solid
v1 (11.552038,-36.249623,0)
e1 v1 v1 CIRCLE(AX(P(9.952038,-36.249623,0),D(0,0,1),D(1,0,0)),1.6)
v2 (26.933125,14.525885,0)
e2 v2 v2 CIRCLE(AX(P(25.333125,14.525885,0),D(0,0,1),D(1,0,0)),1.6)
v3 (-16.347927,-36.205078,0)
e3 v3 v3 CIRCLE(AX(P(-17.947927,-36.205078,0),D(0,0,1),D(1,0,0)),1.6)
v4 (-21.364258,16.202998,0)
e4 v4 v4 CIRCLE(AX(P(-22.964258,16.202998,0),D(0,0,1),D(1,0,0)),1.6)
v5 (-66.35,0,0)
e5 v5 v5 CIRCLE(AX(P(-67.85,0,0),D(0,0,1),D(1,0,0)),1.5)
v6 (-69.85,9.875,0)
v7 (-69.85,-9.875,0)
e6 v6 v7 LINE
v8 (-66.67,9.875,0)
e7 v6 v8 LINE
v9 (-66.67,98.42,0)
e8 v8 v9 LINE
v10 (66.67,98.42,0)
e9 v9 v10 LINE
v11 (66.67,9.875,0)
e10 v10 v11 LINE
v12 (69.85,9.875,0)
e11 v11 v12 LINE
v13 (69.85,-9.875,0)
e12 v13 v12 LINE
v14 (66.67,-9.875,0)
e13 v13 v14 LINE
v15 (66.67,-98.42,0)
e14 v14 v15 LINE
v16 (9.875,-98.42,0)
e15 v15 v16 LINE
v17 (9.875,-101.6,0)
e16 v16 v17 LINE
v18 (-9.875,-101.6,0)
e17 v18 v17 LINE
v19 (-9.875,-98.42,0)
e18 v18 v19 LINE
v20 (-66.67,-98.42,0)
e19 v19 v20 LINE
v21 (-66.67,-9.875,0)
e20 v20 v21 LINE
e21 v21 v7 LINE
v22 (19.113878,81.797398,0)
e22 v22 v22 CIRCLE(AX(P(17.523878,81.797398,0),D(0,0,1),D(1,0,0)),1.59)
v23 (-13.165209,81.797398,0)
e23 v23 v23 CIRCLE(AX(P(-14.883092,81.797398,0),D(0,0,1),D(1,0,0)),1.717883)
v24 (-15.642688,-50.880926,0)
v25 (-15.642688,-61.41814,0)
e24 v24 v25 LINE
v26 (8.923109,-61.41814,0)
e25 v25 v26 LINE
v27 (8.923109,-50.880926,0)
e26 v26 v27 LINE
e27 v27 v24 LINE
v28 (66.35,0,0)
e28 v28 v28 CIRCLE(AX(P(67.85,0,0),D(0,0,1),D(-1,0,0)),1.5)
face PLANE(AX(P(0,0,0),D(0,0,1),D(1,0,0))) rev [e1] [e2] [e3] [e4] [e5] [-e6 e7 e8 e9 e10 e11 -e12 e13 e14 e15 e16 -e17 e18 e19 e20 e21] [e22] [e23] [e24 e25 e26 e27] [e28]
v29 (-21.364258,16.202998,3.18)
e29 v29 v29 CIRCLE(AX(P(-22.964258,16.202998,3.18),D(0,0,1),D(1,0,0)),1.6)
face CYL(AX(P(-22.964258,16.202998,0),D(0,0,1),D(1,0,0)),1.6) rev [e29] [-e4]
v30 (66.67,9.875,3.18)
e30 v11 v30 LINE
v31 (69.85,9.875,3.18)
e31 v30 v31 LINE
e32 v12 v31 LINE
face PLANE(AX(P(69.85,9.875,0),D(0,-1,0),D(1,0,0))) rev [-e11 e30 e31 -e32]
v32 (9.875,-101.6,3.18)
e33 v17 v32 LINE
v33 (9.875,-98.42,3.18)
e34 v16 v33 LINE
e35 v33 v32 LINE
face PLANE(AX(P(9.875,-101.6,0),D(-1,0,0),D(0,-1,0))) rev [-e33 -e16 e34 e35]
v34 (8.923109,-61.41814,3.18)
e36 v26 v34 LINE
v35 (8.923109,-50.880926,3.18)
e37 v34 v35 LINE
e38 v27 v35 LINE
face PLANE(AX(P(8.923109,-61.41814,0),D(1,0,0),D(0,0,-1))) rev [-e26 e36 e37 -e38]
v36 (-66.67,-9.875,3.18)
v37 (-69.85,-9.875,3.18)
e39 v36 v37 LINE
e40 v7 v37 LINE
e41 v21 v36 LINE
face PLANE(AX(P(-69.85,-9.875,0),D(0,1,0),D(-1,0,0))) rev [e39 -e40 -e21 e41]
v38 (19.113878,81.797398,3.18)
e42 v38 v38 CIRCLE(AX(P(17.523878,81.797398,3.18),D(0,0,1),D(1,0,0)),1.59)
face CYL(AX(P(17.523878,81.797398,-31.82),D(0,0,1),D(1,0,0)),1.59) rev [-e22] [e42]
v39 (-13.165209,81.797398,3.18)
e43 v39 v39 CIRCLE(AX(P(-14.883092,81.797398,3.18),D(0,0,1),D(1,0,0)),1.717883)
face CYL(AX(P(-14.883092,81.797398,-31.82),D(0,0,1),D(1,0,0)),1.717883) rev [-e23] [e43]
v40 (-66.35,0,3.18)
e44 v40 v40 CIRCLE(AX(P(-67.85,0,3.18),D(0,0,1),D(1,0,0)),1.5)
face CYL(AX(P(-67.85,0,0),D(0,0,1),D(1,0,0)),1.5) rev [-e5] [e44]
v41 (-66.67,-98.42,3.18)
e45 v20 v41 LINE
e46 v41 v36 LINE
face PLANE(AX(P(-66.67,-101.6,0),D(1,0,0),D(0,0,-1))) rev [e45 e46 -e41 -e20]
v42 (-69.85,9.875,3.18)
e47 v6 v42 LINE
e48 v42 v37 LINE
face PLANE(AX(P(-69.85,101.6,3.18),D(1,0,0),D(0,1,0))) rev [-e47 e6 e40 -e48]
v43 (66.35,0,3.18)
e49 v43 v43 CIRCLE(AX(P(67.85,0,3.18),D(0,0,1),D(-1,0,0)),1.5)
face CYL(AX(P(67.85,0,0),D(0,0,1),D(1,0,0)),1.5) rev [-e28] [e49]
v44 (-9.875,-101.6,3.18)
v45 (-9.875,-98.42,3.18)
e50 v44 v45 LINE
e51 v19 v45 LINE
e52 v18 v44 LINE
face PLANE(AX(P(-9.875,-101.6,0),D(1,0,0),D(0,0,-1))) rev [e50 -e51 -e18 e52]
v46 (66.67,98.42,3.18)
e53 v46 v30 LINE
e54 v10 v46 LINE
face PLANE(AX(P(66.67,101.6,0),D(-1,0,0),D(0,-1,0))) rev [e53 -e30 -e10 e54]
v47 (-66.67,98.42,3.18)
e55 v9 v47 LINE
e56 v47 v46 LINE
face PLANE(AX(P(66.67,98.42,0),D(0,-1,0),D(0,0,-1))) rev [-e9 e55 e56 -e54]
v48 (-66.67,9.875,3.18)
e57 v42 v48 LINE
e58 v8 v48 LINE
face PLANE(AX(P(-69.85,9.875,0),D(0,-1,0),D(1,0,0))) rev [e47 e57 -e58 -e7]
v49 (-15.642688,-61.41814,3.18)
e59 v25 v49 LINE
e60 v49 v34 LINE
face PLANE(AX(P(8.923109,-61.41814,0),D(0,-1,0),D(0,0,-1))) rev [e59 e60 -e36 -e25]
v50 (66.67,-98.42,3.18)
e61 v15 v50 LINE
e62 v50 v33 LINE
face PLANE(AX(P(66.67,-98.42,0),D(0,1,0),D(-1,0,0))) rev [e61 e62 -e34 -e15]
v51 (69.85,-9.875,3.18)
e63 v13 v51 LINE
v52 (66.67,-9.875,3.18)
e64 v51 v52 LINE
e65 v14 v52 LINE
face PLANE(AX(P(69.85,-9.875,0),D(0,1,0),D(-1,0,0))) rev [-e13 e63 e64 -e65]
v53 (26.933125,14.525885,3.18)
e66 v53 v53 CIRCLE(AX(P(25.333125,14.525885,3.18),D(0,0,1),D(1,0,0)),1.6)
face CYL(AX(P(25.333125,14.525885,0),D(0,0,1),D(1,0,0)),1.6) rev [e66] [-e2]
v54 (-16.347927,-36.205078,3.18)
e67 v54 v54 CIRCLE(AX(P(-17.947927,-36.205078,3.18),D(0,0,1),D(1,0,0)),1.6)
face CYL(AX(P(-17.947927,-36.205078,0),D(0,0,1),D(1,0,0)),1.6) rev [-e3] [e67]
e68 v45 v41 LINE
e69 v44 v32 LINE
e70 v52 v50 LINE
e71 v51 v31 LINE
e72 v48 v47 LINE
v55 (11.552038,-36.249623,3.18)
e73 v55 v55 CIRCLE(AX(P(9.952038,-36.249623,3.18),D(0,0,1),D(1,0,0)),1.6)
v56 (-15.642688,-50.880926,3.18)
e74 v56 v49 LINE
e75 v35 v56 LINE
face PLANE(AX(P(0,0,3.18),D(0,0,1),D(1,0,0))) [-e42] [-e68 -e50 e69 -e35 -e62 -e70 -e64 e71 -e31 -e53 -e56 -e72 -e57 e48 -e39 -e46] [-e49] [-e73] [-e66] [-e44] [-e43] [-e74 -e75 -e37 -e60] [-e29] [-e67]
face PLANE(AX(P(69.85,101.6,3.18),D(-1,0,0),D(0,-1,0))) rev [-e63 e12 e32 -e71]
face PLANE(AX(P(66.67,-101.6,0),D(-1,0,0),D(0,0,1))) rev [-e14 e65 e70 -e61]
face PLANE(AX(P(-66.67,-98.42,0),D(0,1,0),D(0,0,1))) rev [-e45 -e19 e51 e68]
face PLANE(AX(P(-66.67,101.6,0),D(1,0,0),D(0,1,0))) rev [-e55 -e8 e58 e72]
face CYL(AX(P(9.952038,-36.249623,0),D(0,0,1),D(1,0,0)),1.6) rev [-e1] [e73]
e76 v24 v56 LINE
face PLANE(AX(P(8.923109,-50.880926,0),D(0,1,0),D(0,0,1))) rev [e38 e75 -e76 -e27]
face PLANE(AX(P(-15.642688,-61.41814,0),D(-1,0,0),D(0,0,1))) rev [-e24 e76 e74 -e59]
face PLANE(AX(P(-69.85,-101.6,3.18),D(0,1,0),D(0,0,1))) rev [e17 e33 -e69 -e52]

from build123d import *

# Parameters (mm, degrees)
SKETCH1_W           = 139.7
SKETCH1_H           = 203.2
BOSS_EXTRUDE1_DEPTH = 3.18
SKETCH2_R           = 1.5
SKETCH2_W           = 3.18
SKETCH2_H           = 91.725
CUT_EXTRUDE1_DEPTH  = 4.18
SKETCH3_R           = 1.59
CUT_EXTRUDE2_DEPTH  = 4.18
SKETCH4_R           = 1.59
CUT_EXTRUDE3_DEPTH  = 4.18
SKETCH5_W           = 88.895716174
SKETCH5_H           = 168.56277979
BOSS_EXTRUDE2_DEPTH = 3.18
SKETCH6_W           = 20
SKETCH6_H           = 203.2
BOSS_EXTRUDE3_DEPTH = 3.18
SKETCH7_W           = 56.795
SKETCH7_H           = 3.18
CUT_EXTRUDE4_DEPTH  = 4.18
SKETCH8_W           = 133.34
SKETCH8_H           = 3.18
CUT_EXTRUDE5_DEPTH  = 4.18
SKETCH9_R           = 1.6
CUT_EXTRUDE6_DEPTH  = 4.18
SKETCH10_W          = 24.565797096
SKETCH10_H          = 10.537213664
CUT_EXTRUDE7_DEPTH  = 3.18
SKETCH11_R          = 1.59
SKETCH11_R_2        = 1.71788268
CUT_EXTRUDE8_DEPTH  = 35


with BuildPart() as part:
    # Sketch1 → Boss-Extrude1 (new body)
    with BuildSketch(Plane.XY):
        Rectangle(SKETCH1_W, SKETCH1_H)
    extrude(amount=BOSS_EXTRUDE1_DEPTH)

    # Sketch2 → Cut-Extrude1 (cut, through all)
    with BuildSketch(Plane.XY.offset(3.18)):
        with Locations((-67.85, 0)):
            Circle(SKETCH2_R)
        with Locations((67.85, 0)):
            Circle(SKETCH2_R)
        Polygon((-10, 101.6), (10, 101.6), (10, 98.42), (1.5, 98.42), (1.5, 94.42), (3.5, 94.42), (3.5, 91.42), (1.5, 91.42), (1.5, 88.42), (-1.5, 88.42), (-1.5, 91.42), (-3.5, 91.42), (-3.5, 94.42), (-1.5, 94.42), (-1.5, 98.42), (-10, 98.42), align=None)
        Polygon((-10, -101.6), (-10, -98.42), (-1.5, -98.42), (-1.5, -94.42), (-3.5, -94.42), (-3.5, -91.42), (-1.5, -91.42), (-1.5, -88.42), (1.5, -88.42), (1.5, -91.42), (3.5, -91.42), (3.5, -94.42), (1.5, -94.42), (1.5, -98.42), (10, -98.42), (10, -101.6), align=None)
        with Locations((-68.26, 55.7375)):
            Rectangle(SKETCH2_W, SKETCH2_H)
        with Locations((-68.26, -55.7375)):
            Rectangle(SKETCH2_W, SKETCH2_H)
        with Locations((68.26, -55.7375)):
            Rectangle(SKETCH2_W, SKETCH2_H)
        with Locations((68.26, 55.7375)):
            Rectangle(SKETCH2_W, SKETCH2_H)
    extrude(amount=-CUT_EXTRUDE1_DEPTH, mode=Mode.SUBTRACT)

    # Sketch3 → Cut-Extrude2 (cut, through all)
    with BuildSketch(Plane(origin=(0, 0, 0), x_dir=(-1, 0, 0), z_dir=(0, 0, -1))):
        with Locations((-35.67127699, -47.963396943)):
            Circle(SKETCH3_R)
        with Locations((-35.67127699, -30.777287406)):
            Circle(SKETCH3_R)
    extrude(amount=-CUT_EXTRUDE2_DEPTH, mode=Mode.SUBTRACT)

    # Sketch4 → Cut-Extrude3 (cut, through all)
    with BuildSketch(Plane(origin=(0, 0, 0), x_dir=(-1, 0, 0), z_dir=(0, 0, -1))):
        with Locations((-34.750723073, 80.736128989)):
            Circle(SKETCH4_R)
        with Locations((-34.750723073, 63.550019452)):
            Circle(SKETCH4_R)
        with Locations((36.249784221, 80.736128989)):
            Circle(SKETCH4_R)
        with Locations((36.249784221, 63.550019452)):
            Circle(SKETCH4_R)
        with Locations((35.983928162, -30.777287406)):
            Circle(SKETCH4_R)
        with Locations((35.983928162, -47.963396943)):
            Circle(SKETCH4_R)
        with Locations((-35.67127699, -30.777287406)):
            Circle(SKETCH4_R)
        with Locations((-35.67127699, -47.963396943)):
            Circle(SKETCH4_R)
    extrude(amount=-CUT_EXTRUDE3_DEPTH, mode=Mode.SUBTRACT)

    # Sketch5 → Boss-Extrude2 (add)
    with BuildSketch(Plane.XY.offset(3.18)):
        Rectangle(SKETCH5_W, SKETCH5_H)
    extrude(amount=-BOSS_EXTRUDE2_DEPTH)

    # Sketch6 → Boss-Extrude3 (add)
    with BuildSketch(Plane.XY.offset(3.18)):
        Rectangle(SKETCH6_W, SKETCH6_H)
    extrude(amount=-BOSS_EXTRUDE3_DEPTH)

    # Sketch7 → Cut-Extrude4 (cut, through all)
    with BuildSketch(Plane.XY.offset(3.18)):
        with Locations((-38.2725, -100.01)):
            Rectangle(SKETCH7_W, SKETCH7_H)
        with Locations((38.2725, -100.01)):
            Rectangle(SKETCH7_W, SKETCH7_H)
    extrude(amount=-CUT_EXTRUDE4_DEPTH, mode=Mode.SUBTRACT)

    # Sketch8 → Cut-Extrude5 (cut, through all)
    with BuildSketch(Plane.XY.offset(3.18)):
        with Locations((0, 100.01)):
            Rectangle(SKETCH8_W, SKETCH8_H)
    extrude(amount=-CUT_EXTRUDE5_DEPTH, mode=Mode.SUBTRACT)

    # Sketch9 → Cut-Extrude6 (cut, through all)
    with BuildSketch(Plane.XY.offset(3.18)):
        with Locations((-17.947926552, -36.205077673)):
            Circle(SKETCH9_R)
        with Locations((25.333125389, 14.525884697)):
            Circle(SKETCH9_R)
        with Locations((-22.964258499, 16.202998173)):
            Circle(SKETCH9_R)
        with Locations((9.952037888, -36.24962266)):
            Circle(SKETCH9_R)
    extrude(amount=-CUT_EXTRUDE6_DEPTH, mode=Mode.SUBTRACT)

    # Sketch10 → Cut-Extrude7 (cut)
    with BuildSketch(Plane.XY.offset(3.18)):
        with Locations((-3.359789788, -56.149532718)):
            Rectangle(SKETCH10_W, SKETCH10_H)
    extrude(amount=-CUT_EXTRUDE7_DEPTH, mode=Mode.SUBTRACT)

    # Sketch11 → Cut-Extrude8 (cut)
    with BuildSketch(Plane.XY.offset(3.18)):
        with Locations((17.523878239, 81.797398404)):
            Circle(SKETCH11_R)
        with Locations((-14.883091948, 81.797398404)):
            Circle(SKETCH11_R_2)
    extrude(amount=-CUT_EXTRUDE8_DEPTH, mode=Mode.SUBTRACT)


solid = part.part
